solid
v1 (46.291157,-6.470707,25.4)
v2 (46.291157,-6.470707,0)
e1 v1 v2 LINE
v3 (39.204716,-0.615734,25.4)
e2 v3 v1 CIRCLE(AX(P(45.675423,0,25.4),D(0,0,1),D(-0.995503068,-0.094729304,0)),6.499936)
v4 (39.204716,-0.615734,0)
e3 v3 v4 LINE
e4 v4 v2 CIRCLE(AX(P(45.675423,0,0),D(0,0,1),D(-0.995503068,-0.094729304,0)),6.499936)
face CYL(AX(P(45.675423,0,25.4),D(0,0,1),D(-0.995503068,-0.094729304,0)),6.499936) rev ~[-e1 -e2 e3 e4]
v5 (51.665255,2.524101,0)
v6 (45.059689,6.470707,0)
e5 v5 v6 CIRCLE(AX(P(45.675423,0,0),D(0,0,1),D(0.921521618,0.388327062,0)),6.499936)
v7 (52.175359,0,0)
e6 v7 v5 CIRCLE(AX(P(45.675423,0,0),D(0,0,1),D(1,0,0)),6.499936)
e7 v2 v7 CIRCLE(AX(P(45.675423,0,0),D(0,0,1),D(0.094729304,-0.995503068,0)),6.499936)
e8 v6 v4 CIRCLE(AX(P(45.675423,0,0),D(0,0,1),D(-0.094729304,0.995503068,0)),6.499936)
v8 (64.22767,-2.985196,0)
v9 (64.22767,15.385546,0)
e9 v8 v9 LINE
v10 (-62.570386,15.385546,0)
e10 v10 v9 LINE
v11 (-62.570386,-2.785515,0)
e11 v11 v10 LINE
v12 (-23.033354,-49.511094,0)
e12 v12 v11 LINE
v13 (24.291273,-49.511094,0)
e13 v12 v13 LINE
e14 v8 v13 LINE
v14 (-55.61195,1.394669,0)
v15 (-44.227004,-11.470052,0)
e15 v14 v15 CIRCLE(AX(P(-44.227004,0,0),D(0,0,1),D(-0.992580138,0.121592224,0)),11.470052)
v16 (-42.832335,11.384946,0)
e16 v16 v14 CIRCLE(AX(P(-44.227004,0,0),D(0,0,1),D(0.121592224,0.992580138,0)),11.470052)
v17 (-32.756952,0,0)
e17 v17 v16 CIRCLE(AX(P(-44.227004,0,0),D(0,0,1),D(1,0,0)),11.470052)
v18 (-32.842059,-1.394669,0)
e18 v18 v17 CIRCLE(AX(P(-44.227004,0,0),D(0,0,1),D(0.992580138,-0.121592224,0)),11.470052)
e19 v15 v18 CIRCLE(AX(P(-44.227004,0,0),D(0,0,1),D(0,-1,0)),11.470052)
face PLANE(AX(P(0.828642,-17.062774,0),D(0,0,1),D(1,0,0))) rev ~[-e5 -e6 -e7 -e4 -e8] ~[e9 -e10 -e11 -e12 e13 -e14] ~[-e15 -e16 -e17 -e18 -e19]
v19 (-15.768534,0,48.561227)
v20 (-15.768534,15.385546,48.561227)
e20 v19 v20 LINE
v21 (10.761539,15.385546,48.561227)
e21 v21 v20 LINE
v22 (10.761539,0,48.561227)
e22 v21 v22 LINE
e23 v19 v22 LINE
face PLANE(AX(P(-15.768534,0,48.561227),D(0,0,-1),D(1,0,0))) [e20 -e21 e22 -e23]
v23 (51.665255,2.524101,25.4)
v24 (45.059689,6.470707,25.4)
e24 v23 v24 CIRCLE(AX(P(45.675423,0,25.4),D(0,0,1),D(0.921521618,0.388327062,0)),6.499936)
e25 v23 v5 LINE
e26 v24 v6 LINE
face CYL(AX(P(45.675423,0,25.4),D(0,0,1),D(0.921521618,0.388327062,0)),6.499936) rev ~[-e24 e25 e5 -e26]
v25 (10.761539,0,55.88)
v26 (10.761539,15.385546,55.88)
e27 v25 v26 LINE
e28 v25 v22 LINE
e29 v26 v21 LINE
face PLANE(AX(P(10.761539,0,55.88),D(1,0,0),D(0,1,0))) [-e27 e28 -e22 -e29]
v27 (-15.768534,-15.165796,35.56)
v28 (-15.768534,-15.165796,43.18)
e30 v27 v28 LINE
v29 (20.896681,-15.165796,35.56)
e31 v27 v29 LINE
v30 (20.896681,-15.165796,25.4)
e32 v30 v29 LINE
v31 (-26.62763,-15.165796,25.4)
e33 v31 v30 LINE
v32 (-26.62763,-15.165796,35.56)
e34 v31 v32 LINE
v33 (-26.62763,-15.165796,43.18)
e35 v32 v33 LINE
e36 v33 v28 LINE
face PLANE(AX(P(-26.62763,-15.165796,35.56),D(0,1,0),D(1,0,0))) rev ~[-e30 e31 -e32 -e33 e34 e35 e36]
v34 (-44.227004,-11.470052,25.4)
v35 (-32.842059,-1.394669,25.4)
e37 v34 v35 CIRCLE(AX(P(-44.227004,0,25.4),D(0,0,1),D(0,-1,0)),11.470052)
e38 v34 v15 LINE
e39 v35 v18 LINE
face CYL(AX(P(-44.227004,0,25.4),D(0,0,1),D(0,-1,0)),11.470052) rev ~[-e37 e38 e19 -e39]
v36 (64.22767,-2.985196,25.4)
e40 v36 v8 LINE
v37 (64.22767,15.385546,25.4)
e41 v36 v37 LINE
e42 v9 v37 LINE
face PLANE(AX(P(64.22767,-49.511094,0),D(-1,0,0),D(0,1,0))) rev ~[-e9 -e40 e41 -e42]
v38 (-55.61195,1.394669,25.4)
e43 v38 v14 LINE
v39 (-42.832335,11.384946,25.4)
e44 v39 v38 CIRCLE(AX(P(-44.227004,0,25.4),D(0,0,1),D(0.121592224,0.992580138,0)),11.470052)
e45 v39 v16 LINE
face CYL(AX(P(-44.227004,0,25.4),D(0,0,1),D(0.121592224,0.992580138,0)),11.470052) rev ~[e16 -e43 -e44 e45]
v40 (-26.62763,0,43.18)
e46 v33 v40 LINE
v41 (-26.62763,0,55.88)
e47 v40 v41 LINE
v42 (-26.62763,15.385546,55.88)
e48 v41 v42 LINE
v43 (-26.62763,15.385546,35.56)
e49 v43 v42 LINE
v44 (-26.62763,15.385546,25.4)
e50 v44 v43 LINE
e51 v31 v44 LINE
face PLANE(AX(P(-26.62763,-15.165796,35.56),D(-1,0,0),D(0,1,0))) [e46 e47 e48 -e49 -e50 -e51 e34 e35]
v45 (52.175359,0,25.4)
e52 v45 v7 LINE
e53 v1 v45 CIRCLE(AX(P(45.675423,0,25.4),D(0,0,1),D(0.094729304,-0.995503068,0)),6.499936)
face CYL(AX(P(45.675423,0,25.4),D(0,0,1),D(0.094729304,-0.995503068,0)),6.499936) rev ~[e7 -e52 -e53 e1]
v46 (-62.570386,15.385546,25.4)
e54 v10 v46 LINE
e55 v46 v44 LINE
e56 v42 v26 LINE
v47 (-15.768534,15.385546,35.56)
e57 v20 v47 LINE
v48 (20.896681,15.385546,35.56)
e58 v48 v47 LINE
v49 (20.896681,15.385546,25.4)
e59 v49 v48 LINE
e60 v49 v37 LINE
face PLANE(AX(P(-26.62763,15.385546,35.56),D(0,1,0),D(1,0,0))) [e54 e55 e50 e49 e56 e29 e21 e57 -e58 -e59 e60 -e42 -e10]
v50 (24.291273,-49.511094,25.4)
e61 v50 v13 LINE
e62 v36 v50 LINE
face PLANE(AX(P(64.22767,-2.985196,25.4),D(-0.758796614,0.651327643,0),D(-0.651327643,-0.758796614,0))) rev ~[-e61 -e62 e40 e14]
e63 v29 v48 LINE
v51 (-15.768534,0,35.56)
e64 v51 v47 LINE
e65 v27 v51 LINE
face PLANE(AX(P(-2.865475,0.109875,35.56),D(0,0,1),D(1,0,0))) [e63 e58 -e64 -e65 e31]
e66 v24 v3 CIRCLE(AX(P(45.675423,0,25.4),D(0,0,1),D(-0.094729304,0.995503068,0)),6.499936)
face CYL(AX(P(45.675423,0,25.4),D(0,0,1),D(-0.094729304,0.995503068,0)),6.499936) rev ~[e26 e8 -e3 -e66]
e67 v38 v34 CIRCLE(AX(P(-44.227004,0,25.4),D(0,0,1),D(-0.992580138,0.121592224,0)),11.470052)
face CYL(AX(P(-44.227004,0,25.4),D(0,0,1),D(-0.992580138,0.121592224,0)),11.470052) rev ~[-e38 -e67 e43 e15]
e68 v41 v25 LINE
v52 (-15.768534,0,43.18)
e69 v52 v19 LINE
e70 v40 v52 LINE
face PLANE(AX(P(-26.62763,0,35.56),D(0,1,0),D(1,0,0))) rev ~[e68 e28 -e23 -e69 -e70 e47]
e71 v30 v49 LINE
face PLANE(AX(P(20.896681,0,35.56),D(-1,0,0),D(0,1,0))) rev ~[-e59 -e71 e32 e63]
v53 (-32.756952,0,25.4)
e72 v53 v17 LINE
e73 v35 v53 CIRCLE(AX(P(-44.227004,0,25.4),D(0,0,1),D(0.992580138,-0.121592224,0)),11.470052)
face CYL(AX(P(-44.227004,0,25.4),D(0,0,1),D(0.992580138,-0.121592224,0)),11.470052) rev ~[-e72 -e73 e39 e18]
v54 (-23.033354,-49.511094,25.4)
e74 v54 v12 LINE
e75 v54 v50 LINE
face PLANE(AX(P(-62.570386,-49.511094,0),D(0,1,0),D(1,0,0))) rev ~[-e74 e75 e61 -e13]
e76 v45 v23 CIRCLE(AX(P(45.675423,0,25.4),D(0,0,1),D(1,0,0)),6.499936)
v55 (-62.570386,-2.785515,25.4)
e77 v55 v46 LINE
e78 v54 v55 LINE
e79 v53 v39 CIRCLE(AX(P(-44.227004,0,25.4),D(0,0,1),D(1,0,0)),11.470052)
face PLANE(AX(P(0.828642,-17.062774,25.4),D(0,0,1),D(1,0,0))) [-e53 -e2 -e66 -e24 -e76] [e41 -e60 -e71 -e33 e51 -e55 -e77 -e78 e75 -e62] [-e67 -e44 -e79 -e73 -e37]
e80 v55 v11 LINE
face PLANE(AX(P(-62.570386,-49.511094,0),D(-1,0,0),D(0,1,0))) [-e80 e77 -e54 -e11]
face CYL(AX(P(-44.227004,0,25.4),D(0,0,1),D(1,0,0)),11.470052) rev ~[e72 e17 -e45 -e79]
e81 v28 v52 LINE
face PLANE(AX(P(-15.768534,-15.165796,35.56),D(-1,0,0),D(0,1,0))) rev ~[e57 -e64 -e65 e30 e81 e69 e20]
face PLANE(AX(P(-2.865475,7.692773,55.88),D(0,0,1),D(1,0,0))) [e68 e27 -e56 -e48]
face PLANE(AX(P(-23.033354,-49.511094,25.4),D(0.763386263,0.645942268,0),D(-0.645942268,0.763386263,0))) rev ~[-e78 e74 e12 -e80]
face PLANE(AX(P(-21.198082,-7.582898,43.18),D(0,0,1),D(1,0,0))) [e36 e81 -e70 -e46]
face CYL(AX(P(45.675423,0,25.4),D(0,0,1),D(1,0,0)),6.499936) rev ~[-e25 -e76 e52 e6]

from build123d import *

# Parameters (mm, degrees)
F0_W      = 126.798056066
F0_H      = 64.8966394365
F1_DEPTH  = 25.4
F3_DEPTH  = 25.4
F4_W      = 47.5243106484
F4_H      = 30.5513413623
F5_DEPTH  = 10.16
F6_W      = 47.5243106484
F6_H      = 15.3855457902
F7_DEPTH  = 20.32
F8_W      = 36.6652142256
F8_H      = 13.0012265766
F9_DEPTH  = 25.4
F10_W     = 10.1351421326
F10_H     = 15.3855457902
F11_DEPTH = 15.24
F12_W     = 10.8590964228
F12_H     = 15.1657955721
F13_DEPTH = 7.62
F15_DEPTH = 43.18
F17_DEPTH = 50.8


with BuildPart() as f1:
    # F0 (on Top) → F1 (new body)
    with BuildSketch(Plane.XY):
        with Locations((0.8286423981, -17.062773928)):
            Rectangle(F0_W, F0_H)
    extrude(amount=F1_DEPTH)

    # F2 (on face) → F3 (cut)
    with BuildSketch(Plane.XY.offset(25.4)):
        Polygon((-23.0333544314, -49.5110936463), (-62.5703856349, -2.7855145745), (-62.5703856349, -49.5110936463), align=None)
        Polygon((64.2276704311, -2.9851964209), (24.2912732065, -49.5110936463), (64.2276704311, -49.5110936463), align=None)
    extrude(amount=-F3_DEPTH, mode=Mode.SUBTRACT)

    # F4 (on face) → F5 (join)
    with BuildSketch(Plane.XY.offset(25.4)):
        with Locations((-2.8654746711, 0.109875109)):
            Rectangle(F4_W, F4_H)
    extrude(amount=F5_DEPTH)

    # F6 (on face) → F7 (join)
    with BuildSketch(Plane.XY.offset(35.56)):
        with Locations((-2.8654746711, 7.6927728951)):
            Rectangle(F6_W, F6_H)
    extrude(amount=F7_DEPTH)

    # F8 (on face) → F9 (cut)
    with BuildSketch(Plane.XZ):
        with Locations((2.5640735403, 42.0606132883)):
            Rectangle(F8_W, F8_H)
    extrude(amount=-F9_DEPTH, mode=Mode.SUBTRACT)

    # F10 (on face) → F11 (cut)
    with BuildSketch(Plane.XY.offset(55.88)):
        with Locations((15.8291095868, 7.6927728951)):
            Rectangle(F10_W, F10_H)
    extrude(amount=-F11_DEPTH, mode=Mode.SUBTRACT)

    # F12 (on face) → F13 (join)
    with BuildSketch(Plane.XY.offset(35.56)):
        with Locations((-21.198081784, -7.5828977861)):
            Rectangle(F12_W, F12_H)
    extrude(amount=F13_DEPTH)

    # F14 (on face) → F15 (cut)
    with BuildSketch(Plane.XY.offset(25.4)):
        with BuildLine():
            Line((-55.6119495793, 1.3946691004), (-44.2270040512, 0))
            Line((-44.2270040512, 0), (-42.8323349509, 11.3849455281))
            ThreePointArc((-42.8323349509, 11.3849455281), (-51.2911962592, 9.0365521647), (-55.6119495793, 1.3946691004))
        make_face()
        with BuildLine():
            Line((-44.2270040512, -11.4700517251), (-44.2270040512, 0))
            Line((-44.2270040512, 0), (-55.6119495793, 1.3946691004))
            ThreePointArc((-55.6119495793, 1.3946691004), (-52.8165038416, -7.6014853764), (-44.2270040512, -11.4700517251))
        make_face()
        with BuildLine():
            Line((-32.8420585231, -1.3946691004), (-44.2270040512, 0))
            Line((-44.2270040512, 0), (-44.2270040512, -11.4700517251))
            ThreePointArc((-44.2270040512, -11.4700517251), (-36.6255186748, -8.5894997904), (-32.8420585231, -1.3946691004))
        make_face()
        with BuildLine():
            Line((-42.8323349509, 11.3849455281), (-44.2270040512, 0))
            Line((-44.2270040512, 0), (-32.8420585231, -1.3946691004))
            ThreePointArc((-32.8420585231, -1.3946691004), (-32.7782486457, -0.698631692), (-32.7569523261, 0))
            ThreePointArc((-32.7569523261, 0), (-35.6375042608, 7.6014853764), (-42.8323349509, 11.3849455281))
        make_face()
    extrude(amount=-F15_DEPTH, mode=Mode.SUBTRACT)

    # F16 (on face) → F17 (cut)
    with BuildSketch(Plane.XY.offset(25.4)):
        with BuildLine():
            Line((39.2047164649, -0.6157344434), (45.6754229963, 0))
            Line((45.6754229963, 0), (45.0596885529, 6.4707065314))
            ThreePointArc((45.0596885529, 6.4707065314), (40.6645525286, 4.1400904671), (39.2047164649, -0.6157344434))
        make_face()
        with BuildLine():
            Line((45.0596885529, 6.4707065314), (45.6754229963, 0))
            Line((45.6754229963, 0), (51.6652548153, 2.5241011666))
            ThreePointArc((51.6652548153, 2.5241011666), (49.0092127508, 5.5798761449), (45.0596885529, 6.4707065314))
        make_face()
        with BuildLine():
            Line((51.6652548153, 2.5241011666), (45.6754229963, 0))
            Line((45.6754229963, 0), (46.2911574396, -6.4707065314))
            ThreePointArc((46.2911574396, -6.4707065314), (50.4843421358, -4.3730388324), (52.1753592975, 0))
            ThreePointArc((52.1753592975, 0), (52.0465570083, 1.2875648801), (51.6652548153, 2.5241011666))
        make_face()
        with BuildLine():
            Line((46.2911574396, -6.4707065314), (45.6754229963, 0))
            Line((45.6754229963, 0), (39.2047164649, -0.6157344434))
            ThreePointArc((39.2047164649, -0.6157344434), (41.5353325292, -5.0108704677), (46.2911574396, -6.4707065314))
        make_face()
    extrude(amount=-F17_DEPTH, mode=Mode.SUBTRACT)


solid = f1.part
